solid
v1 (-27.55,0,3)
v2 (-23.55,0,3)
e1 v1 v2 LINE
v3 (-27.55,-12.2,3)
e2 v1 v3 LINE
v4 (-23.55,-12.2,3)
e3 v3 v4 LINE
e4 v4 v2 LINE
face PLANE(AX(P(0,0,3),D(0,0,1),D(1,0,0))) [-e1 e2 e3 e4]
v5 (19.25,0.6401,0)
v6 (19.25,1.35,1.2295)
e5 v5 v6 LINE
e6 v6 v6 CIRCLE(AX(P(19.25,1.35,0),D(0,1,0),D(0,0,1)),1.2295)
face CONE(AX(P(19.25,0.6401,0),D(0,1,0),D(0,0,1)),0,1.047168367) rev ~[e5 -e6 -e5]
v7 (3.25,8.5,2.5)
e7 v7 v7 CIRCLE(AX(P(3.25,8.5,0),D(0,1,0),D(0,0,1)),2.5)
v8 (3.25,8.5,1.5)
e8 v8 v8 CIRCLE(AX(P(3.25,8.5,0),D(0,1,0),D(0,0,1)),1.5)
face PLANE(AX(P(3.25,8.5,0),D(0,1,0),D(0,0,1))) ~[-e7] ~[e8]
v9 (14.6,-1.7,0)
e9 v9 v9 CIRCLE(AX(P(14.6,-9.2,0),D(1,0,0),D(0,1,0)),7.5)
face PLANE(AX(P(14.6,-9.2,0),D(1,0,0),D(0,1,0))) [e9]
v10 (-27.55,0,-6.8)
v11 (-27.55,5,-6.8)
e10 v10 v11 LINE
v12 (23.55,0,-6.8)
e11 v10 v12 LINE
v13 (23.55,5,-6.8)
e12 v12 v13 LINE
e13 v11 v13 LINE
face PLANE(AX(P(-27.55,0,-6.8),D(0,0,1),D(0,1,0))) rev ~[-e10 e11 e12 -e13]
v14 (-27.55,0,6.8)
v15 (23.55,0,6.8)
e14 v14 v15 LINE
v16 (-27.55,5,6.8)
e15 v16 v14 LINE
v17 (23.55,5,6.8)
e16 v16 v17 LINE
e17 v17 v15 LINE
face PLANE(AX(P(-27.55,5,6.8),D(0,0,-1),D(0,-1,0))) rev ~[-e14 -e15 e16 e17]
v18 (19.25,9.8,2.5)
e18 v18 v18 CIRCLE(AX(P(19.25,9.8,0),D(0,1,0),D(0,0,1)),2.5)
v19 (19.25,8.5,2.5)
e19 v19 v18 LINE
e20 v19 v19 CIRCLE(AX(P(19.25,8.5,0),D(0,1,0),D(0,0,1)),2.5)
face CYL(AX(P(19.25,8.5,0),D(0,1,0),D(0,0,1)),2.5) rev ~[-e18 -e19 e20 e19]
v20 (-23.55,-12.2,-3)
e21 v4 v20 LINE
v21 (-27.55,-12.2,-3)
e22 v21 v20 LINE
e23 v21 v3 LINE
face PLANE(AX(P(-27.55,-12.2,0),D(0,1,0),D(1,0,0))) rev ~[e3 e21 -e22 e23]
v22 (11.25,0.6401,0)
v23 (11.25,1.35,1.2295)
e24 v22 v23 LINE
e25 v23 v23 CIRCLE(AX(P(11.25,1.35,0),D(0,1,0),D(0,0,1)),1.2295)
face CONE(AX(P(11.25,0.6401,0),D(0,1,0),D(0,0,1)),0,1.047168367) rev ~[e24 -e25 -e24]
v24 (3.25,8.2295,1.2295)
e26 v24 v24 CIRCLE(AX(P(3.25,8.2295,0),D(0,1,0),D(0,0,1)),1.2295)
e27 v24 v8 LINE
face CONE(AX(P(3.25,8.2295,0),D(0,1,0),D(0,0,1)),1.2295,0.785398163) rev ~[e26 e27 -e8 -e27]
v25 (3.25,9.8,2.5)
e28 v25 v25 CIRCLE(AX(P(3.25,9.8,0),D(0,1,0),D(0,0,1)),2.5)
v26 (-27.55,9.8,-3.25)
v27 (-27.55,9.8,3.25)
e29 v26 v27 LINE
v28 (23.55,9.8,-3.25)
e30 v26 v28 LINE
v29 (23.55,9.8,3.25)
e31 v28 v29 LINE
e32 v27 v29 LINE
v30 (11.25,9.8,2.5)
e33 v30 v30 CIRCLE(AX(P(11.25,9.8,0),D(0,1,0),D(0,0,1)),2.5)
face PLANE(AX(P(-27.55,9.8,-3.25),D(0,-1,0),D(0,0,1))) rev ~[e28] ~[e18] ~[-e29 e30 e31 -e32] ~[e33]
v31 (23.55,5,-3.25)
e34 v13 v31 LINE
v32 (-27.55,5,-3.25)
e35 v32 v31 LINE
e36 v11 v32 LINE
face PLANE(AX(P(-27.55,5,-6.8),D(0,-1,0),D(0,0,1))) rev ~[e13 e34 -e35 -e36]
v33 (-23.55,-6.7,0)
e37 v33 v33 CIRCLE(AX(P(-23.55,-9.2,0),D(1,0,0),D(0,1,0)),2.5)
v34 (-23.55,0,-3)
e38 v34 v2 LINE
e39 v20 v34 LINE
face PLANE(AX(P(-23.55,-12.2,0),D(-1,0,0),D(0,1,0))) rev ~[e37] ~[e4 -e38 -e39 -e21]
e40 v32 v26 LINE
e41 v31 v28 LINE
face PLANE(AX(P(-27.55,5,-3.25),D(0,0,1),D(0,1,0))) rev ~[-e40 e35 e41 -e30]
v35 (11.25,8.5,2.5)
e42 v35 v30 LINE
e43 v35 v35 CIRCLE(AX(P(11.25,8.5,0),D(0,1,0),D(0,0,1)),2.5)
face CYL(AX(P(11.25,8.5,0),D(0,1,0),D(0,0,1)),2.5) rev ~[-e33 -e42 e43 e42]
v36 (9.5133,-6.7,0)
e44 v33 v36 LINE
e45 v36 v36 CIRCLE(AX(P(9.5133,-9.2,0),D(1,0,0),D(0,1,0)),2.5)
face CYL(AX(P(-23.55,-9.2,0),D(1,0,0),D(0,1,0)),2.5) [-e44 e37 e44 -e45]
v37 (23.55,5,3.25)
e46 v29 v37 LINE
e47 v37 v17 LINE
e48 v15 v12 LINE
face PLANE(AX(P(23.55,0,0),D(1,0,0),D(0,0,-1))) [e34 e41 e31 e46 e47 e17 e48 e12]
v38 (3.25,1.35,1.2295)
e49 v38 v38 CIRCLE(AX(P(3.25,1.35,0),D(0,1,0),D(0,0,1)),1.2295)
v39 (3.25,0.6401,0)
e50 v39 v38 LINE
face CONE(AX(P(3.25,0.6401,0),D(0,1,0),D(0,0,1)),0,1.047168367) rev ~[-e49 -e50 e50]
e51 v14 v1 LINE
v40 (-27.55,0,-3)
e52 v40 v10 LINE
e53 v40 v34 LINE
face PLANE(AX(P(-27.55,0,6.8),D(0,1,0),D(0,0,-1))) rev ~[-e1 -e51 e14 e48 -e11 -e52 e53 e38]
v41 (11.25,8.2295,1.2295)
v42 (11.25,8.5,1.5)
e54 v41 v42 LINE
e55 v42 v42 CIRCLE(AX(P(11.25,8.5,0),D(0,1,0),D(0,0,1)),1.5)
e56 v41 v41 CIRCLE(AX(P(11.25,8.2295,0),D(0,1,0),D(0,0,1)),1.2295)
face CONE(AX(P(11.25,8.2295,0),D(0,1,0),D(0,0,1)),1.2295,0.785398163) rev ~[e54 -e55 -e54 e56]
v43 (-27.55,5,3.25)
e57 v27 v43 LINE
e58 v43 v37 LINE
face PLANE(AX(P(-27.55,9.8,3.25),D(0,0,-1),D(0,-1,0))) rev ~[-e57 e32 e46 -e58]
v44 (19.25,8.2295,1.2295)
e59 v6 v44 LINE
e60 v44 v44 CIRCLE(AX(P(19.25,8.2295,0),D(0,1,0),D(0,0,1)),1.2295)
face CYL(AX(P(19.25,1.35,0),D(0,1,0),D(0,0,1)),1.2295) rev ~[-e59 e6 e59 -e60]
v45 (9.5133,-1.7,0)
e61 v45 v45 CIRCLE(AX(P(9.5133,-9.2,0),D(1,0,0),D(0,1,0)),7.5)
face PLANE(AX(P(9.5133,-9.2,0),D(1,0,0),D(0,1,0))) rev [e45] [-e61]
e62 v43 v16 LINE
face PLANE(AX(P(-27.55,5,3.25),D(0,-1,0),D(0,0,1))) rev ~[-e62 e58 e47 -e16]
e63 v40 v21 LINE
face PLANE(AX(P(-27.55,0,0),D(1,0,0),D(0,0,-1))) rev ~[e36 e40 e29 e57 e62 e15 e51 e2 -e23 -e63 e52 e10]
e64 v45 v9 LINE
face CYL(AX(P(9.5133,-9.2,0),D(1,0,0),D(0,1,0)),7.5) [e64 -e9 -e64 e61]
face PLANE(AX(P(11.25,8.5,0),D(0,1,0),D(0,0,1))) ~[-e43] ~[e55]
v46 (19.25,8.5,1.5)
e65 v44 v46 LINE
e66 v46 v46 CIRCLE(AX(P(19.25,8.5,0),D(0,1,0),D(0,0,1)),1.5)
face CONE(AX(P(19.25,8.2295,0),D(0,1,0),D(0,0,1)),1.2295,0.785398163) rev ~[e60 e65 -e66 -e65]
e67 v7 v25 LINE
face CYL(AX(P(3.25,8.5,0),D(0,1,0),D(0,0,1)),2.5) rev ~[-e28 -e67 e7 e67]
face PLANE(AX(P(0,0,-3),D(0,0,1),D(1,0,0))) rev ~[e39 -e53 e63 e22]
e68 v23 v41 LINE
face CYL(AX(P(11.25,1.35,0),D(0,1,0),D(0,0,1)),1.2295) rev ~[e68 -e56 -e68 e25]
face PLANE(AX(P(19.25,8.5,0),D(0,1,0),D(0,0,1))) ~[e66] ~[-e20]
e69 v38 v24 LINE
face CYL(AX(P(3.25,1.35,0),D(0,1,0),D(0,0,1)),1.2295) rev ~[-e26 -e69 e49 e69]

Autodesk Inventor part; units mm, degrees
sketch "Skizze_1" plane through (-27.55, 0, 0) normal (1, 0, 0) x (0, 0, -1)
  line L0 (-6.8, 5) -> (-6.8, 0)
  line L1 (-6.8, 0) -> (6.8, 0)
  line L2 (6.8, 0) -> (6.8, 5)
  line L3 (6.8, 5) -> (3.25, 5)
  line L4 (3.25, 5) -> (3.25, 9.8)
  line L5 (3.25, 9.8) -> (-3.25, 9.8)
  line L6 (-3.25, 9.8) -> (-3.25, 5)
  line L7 (-3.25, 5) -> (-6.8, 5)
extrude "Extrusion1" add sketch "Skizze_1" along normal blind 51.1
sketch "Skizze_2" plane through (0, 0, 0) normal (0, 0, 1) x (1, 0, 0)
  line L0 (-27.55, 7) -> (-27.55, -12.2)
  line L1 (-27.55, -12.2) -> (-23.55, -12.2)
  line L2 (-23.55, -12.2) -> (-23.55, 7)
  line L3 (-23.55, 7) -> (-27.55, 7)
extrude "Extrusion2" add sketch "Skizze_2" along normal mid plane 6
sketch "Sketch_1" plane through (0, 0, 0) normal (0, 0, 1) x (1, 0, 0)
  line L0 (14.6, -9.2) -> (-23.55, -9.2)
  line L1 (-23.55, -9.2) -> (-23.55, -6.7)
  line L2 (-23.55, -6.7) -> (9.5133, -6.7)
  line L3 (9.5133, -6.7) -> (9.5133, -1.7)
  line L4 (9.5133, -1.7) -> (14.6, -1.7)
  line L5 (14.6, -1.7) -> (14.6, -9.2)
  line L6 (14.6, -9.2) -> (-23.55, -9.2)
revolve "Revolution1" add sketch "Sketch_1" angle 360 about axis through (14.6, -9.2, 0) along (1, 0, 0)
sketch "Sketch_3" plane through (19.25, 0, 0) normal (1, 0, 0) x (0, 0, -1)
  line L0 (0, 9.8) -> (0, 0.6401)
  line L1 (0, 0.6401) -> (-1.2295, 1.35)
  line L2 (-1.2295, 1.35) -> (-1.2295, 8.2295)
  line L3 (-1.2295, 8.2295) -> (-1.5, 8.5)
  line L4 (-1.5, 8.5) -> (-2.5, 8.5)
  line L5 (-2.5, 8.5) -> (-2.5, 9.8)
  line L6 (-2.5, 9.8) -> (0, 9.8)
  line L7 (0, 9.8) -> (0, 0.6401)
revolve "Revolution2" cut sketch "Sketch_3" angle 360 about axis through (19.25, 9.8, 0) along (0, 1, 0)
thread "Thread1" size "M3x0.5" class "6H" standard "ISO Metric profile" length 5.2295
pattern_linear "Rectangular Pattern1" count 3 spacing 8 along (-1, 0, 0) of "Revolution2"
ref_plane "ANBAU_XY" through (14.6, -9.2, 0) normal (1, 0, 0) x (0, 0, -1)
ref_plane "ANBAU_YZ" through (14.6, -9.2, 0) normal (0, 0, -1) x (0, 1, 0)
ref_plane "ANBAU_ZX" through (14.6, -9.2, 0) normal (0, 1, 0) x (1, 0, 0)
ref_plane "SCHRAUBE_1_XY" through (19.25, 8.5, 0) normal (0, 1, 0) x (1, 0, 0)
ref_plane "SCHRAUBE_1_YZ" through (19.25, 8.5, 0) normal (1, 0, 0) x (0, 0, -1)
ref_plane "SCHRAUBE_1_ZX" through (19.25, 8.5, 0) normal (0, 0, -1) x (0, 1, 0)
ref_plane "SCHRAUBE_2_XY" through (11.25, 8.5, 0) normal (0, 1, 0) x (1, 0, 0)
ref_plane "SCHRAUBE_2_YZ" through (11.25, 8.5, 0) normal (1, 0, 0) x (0, 0, -1)
ref_plane "SCHRAUBE_2_ZX" through (11.25, 8.5, 0) normal (0, 0, -1) x (0, 1, 0)
ref_plane "SCHRAUBE_3_XY" through (3.25, 8.5, 0) normal (0, 1, 0) x (1, 0, 0)
ref_plane "SCHRAUBE_3_YZ" through (3.25, 8.5, 0) normal (1, 0, 0) x (0, 0, -1)
ref_plane "SCHRAUBE_3_ZX" through (3.25, 8.5, 0) normal (0, 0, -1) x (0, 1, 0)
ref_plane "ZBHJAW1_XY" through (19.25, 8.5, 0) normal (0, -1, 0) x (1, 0, 0)
ref_plane "ZBHJAW1_YZ" through (19.25, 8.5, 0) normal (1, 0, 0) x (0, 0, 1)
ref_plane "ZBHJAW1_ZX" through (19.25, 8.5, 0) normal (0, 0, 1) x (0, -1, 0)
ref_plane "ZBHJAW2_XY" through (3.25, 8.5, 0) normal (0, -1, 0) x (1, 0, 0)
ref_plane "ZBHJAW2_YZ" through (3.25, 8.5, 0) normal (1, 0, 0) x (0, 0, 1)
ref_plane "ZBHJAW2_ZX" through (3.25, 8.5, 0) normal (0, 0, 1) x (0, -1, 0)
properties part number "3361610 HGPL-BAC-14-20---(J)"
